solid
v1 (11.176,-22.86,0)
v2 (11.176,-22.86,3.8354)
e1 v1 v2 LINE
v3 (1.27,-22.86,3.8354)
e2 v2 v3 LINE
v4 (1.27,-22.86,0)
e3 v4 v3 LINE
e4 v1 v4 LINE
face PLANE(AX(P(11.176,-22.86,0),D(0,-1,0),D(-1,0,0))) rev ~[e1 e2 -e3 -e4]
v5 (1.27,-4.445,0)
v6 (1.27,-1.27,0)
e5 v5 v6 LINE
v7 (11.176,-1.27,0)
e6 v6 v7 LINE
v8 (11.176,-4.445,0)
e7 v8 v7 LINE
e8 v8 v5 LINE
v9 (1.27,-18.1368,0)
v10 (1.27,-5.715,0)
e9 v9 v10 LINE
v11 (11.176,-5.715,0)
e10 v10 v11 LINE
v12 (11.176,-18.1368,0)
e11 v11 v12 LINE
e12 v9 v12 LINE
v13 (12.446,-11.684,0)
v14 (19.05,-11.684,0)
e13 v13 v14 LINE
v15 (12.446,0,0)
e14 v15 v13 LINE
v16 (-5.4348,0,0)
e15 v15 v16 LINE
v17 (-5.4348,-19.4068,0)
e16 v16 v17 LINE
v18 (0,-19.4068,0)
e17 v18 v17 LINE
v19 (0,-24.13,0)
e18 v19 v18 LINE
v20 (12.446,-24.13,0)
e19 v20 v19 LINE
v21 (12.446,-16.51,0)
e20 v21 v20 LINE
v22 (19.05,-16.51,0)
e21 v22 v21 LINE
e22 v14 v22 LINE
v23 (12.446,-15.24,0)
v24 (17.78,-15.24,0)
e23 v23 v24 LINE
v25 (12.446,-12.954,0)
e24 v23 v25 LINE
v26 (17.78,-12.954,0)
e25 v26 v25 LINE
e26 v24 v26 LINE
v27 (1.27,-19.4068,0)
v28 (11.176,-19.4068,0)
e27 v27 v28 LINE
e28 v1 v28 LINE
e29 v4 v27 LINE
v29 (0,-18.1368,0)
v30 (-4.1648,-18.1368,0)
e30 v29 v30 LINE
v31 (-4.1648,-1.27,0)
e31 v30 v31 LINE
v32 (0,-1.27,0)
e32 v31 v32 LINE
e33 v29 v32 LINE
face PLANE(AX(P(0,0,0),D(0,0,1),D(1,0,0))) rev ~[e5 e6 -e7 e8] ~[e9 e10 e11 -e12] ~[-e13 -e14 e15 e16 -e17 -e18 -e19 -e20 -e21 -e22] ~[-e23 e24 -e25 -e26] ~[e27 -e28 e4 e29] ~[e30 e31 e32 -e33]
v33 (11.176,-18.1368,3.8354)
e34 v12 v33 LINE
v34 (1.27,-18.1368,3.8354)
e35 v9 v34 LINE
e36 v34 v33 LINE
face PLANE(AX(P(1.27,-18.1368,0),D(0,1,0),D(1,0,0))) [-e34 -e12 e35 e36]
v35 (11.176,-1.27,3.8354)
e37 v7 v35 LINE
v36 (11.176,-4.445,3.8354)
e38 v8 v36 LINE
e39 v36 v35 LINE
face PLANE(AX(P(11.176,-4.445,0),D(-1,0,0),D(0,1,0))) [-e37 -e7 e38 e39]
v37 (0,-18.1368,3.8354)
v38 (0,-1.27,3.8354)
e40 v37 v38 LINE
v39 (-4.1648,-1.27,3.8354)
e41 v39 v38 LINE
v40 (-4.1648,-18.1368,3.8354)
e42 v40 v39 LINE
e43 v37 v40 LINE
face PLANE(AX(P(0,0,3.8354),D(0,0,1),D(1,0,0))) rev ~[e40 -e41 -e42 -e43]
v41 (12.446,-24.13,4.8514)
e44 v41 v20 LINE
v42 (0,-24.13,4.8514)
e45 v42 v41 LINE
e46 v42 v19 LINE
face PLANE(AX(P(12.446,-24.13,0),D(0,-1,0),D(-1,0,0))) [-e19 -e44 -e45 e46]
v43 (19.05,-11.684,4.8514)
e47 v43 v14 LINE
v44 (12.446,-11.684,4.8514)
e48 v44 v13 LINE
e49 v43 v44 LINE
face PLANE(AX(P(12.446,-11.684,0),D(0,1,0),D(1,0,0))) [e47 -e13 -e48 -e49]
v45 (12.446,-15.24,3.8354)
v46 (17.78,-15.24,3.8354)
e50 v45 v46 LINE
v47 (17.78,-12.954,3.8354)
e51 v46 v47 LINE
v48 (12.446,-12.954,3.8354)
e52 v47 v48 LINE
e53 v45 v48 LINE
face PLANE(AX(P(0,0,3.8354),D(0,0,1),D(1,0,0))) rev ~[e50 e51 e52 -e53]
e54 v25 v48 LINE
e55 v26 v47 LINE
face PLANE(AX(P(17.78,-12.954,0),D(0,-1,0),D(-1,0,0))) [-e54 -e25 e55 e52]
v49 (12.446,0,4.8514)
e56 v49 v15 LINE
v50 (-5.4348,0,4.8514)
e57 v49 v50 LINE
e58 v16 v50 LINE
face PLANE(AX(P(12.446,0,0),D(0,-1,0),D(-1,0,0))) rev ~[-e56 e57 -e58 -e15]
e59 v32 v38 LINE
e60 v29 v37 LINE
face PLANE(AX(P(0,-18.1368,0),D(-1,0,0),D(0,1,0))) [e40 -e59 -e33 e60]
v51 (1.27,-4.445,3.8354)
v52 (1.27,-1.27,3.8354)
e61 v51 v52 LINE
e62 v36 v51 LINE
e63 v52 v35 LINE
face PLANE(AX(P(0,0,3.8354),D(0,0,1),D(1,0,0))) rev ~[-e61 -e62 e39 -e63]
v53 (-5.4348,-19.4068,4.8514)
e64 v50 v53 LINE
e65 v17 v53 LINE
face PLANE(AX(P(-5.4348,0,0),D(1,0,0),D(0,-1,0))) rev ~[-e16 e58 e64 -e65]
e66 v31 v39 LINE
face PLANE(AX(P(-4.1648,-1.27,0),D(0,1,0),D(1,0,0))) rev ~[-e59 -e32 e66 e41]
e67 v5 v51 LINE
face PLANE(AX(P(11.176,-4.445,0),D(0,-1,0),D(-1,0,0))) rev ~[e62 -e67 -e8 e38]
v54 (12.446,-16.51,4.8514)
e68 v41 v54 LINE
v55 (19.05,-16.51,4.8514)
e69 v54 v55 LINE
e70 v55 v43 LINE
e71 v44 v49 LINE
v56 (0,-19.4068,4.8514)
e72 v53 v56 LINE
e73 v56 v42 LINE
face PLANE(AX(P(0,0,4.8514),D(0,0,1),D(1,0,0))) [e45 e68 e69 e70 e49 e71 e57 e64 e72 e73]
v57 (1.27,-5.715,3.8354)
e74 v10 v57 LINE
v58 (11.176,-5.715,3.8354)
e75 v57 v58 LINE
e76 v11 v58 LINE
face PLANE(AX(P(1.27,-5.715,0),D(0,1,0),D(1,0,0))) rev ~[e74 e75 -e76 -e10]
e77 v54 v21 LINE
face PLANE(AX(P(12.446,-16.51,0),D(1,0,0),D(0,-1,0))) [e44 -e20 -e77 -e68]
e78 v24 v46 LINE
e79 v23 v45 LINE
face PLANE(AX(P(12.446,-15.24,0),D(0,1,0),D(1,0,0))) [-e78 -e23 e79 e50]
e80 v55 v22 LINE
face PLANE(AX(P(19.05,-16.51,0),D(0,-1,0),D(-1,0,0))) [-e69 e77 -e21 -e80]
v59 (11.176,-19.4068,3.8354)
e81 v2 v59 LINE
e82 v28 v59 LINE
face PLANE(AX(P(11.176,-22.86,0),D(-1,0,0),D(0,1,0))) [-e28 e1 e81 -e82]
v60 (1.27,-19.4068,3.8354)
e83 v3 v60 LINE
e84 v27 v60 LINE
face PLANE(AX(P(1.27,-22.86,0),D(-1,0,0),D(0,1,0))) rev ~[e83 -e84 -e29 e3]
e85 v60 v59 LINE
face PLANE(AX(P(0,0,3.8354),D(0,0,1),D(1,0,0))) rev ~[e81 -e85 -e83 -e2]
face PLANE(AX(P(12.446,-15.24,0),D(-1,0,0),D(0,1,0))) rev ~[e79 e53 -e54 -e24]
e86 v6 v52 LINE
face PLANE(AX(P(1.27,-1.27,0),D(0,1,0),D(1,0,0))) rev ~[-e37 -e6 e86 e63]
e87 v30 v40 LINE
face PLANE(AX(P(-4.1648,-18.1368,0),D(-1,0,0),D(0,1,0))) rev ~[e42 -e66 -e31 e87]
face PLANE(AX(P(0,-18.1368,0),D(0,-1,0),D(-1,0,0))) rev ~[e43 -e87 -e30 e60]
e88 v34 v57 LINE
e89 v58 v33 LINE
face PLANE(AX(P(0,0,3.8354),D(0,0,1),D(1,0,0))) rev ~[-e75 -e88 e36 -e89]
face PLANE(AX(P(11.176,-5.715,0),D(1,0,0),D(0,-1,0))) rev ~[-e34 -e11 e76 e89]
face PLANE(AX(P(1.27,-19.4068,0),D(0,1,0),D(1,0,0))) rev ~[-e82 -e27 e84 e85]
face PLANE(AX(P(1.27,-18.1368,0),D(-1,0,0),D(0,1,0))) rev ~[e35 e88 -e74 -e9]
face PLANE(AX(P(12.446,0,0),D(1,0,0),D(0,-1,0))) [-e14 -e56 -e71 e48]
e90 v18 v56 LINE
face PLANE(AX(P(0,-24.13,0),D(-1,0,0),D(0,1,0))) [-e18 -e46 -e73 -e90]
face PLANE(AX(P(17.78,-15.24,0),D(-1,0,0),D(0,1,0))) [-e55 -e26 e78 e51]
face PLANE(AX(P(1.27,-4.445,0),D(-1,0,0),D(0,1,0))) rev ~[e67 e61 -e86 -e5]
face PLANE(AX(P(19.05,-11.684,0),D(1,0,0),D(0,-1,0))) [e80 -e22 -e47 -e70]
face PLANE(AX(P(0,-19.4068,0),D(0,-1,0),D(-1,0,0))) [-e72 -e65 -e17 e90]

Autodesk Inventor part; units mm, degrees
ref_plane "YZ Plane" through (0, 0, 0) normal (1, 0, 0) x (0, 1, 0)
ref_plane "XZ Plane" through (0, 0, 0) normal (0, 1, 0) x (-1, 0, 0)
sketch "Sketch1" plane through (0, 0, 0) normal (0, 0, 1) x (1, 0, 0)
  line L0 (11.176, -4.445) -> (1.27, -4.445)
  line L1 (-5.4348, 0) -> (-5.4348, -19.4068)
  line L2 (12.446, 0) -> (12.446, -11.684)
  line L3 (19.05, -11.684) -> (19.05, -16.51)
  line L4 (19.05, -16.51) -> (12.446, -16.51)
  line L5 (-4.1648, -1.27) -> (0, -1.27)
  line L6 (-4.1648, -18.1368) -> (-4.1648, -1.27)
  line L7 (0, -4.445) -> (0, -1.27)
  line L8 (1.27, -5.715) -> (11.176, -5.715)
  line L9 (11.176, -22.86) -> (1.27, -22.86)
  line L10 (1.27, -18.1368) -> (11.176, -18.1368)
  line L11 (12.446, -15.24) -> (17.78, -15.24)
  line L12 (17.78, -15.24) -> (17.78, -12.954)
  line L13 (17.78, -12.954) -> (12.446, -12.954)
  line L14 (11.176, -5.715) -> (11.176, -18.1368)
  line L15 (12.446, -15.24) -> (12.446, -12.954)
  line L16 (12.446, -15.24) -> (13.462, -15.24) construction
  line L17 (11.176, -4.445) -> (11.176, -1.27)
  line L18 (1.27, -4.445) -> (1.27, -1.27)
  line L19 (0, -18.1368) -> (0, -1.27)
  line L20 (1.27, -1.27) -> (11.176, -1.27)
  line L21 (1.27, -18.1368) -> (1.27, -5.715)
  line L22 (11.176, -22.86) -> (11.176, -19.4068)
  line L23 (1.27, -22.86) -> (1.27, -19.4068)
  line L24 (1.27, -22.86) -> (3.1836, -22.86) construction
  line L25 (12.446, 0) -> (-5.4348, 0)
  line L26 (12.446, -16.51) -> (12.446, -24.13)
  line L27 (0, -18.1368) -> (-4.1648, -18.1368)
  line L28 (12.446, -11.684) -> (19.05, -11.684)
  line L29 (12.446, -24.13) -> (0, -24.13)
  line L30 (0, -24.13) -> (0, -19.4068)
  line L31 (0, -19.4068) -> (-5.4348, -19.4068)
  line L32 (1.27, -19.4068) -> (11.176, -19.4068)
  point P0 (0, 0)
  point P1 (0, -10.414)
  point P2 (-4.1648, -10.414)
extrude "Extrusion1" add sketch "Sketch1" along normal blind 3.8354
sketch "Sketch3" plane through (0, 0, 3.8354) normal (0, 0, 1) x (1, 0, 0)
  line L0 (19.05, -16.51) -> (19.05, -11.684)
  line L1 (19.05, -11.684) -> (12.446, -11.684)
  line L2 (12.446, -11.684) -> (12.446, 0)
  line L3 (12.446, 0) -> (-5.4348, 0)
  line L4 (-5.4348, 0) -> (-5.4348, -19.4068)
  line L5 (-5.4348, -19.4068) -> (0, -19.4068)
  line L6 (0, -19.4068) -> (0, -24.13)
  line L7 (0, -24.13) -> (12.446, -24.13)
  line L8 (12.446, -24.13) -> (12.446, -16.51)
  line L9 (12.446, -16.51) -> (19.05, -16.51)
extrude "Extrusion3" add sketch "Sketch3" along normal blind 1.016
ref_plane "Work Plane1" through (6.223, -18.1368, 0) normal (-1, 0, 0) x (0, 0, 1)
properties part number "Remote Batery Spacer"
